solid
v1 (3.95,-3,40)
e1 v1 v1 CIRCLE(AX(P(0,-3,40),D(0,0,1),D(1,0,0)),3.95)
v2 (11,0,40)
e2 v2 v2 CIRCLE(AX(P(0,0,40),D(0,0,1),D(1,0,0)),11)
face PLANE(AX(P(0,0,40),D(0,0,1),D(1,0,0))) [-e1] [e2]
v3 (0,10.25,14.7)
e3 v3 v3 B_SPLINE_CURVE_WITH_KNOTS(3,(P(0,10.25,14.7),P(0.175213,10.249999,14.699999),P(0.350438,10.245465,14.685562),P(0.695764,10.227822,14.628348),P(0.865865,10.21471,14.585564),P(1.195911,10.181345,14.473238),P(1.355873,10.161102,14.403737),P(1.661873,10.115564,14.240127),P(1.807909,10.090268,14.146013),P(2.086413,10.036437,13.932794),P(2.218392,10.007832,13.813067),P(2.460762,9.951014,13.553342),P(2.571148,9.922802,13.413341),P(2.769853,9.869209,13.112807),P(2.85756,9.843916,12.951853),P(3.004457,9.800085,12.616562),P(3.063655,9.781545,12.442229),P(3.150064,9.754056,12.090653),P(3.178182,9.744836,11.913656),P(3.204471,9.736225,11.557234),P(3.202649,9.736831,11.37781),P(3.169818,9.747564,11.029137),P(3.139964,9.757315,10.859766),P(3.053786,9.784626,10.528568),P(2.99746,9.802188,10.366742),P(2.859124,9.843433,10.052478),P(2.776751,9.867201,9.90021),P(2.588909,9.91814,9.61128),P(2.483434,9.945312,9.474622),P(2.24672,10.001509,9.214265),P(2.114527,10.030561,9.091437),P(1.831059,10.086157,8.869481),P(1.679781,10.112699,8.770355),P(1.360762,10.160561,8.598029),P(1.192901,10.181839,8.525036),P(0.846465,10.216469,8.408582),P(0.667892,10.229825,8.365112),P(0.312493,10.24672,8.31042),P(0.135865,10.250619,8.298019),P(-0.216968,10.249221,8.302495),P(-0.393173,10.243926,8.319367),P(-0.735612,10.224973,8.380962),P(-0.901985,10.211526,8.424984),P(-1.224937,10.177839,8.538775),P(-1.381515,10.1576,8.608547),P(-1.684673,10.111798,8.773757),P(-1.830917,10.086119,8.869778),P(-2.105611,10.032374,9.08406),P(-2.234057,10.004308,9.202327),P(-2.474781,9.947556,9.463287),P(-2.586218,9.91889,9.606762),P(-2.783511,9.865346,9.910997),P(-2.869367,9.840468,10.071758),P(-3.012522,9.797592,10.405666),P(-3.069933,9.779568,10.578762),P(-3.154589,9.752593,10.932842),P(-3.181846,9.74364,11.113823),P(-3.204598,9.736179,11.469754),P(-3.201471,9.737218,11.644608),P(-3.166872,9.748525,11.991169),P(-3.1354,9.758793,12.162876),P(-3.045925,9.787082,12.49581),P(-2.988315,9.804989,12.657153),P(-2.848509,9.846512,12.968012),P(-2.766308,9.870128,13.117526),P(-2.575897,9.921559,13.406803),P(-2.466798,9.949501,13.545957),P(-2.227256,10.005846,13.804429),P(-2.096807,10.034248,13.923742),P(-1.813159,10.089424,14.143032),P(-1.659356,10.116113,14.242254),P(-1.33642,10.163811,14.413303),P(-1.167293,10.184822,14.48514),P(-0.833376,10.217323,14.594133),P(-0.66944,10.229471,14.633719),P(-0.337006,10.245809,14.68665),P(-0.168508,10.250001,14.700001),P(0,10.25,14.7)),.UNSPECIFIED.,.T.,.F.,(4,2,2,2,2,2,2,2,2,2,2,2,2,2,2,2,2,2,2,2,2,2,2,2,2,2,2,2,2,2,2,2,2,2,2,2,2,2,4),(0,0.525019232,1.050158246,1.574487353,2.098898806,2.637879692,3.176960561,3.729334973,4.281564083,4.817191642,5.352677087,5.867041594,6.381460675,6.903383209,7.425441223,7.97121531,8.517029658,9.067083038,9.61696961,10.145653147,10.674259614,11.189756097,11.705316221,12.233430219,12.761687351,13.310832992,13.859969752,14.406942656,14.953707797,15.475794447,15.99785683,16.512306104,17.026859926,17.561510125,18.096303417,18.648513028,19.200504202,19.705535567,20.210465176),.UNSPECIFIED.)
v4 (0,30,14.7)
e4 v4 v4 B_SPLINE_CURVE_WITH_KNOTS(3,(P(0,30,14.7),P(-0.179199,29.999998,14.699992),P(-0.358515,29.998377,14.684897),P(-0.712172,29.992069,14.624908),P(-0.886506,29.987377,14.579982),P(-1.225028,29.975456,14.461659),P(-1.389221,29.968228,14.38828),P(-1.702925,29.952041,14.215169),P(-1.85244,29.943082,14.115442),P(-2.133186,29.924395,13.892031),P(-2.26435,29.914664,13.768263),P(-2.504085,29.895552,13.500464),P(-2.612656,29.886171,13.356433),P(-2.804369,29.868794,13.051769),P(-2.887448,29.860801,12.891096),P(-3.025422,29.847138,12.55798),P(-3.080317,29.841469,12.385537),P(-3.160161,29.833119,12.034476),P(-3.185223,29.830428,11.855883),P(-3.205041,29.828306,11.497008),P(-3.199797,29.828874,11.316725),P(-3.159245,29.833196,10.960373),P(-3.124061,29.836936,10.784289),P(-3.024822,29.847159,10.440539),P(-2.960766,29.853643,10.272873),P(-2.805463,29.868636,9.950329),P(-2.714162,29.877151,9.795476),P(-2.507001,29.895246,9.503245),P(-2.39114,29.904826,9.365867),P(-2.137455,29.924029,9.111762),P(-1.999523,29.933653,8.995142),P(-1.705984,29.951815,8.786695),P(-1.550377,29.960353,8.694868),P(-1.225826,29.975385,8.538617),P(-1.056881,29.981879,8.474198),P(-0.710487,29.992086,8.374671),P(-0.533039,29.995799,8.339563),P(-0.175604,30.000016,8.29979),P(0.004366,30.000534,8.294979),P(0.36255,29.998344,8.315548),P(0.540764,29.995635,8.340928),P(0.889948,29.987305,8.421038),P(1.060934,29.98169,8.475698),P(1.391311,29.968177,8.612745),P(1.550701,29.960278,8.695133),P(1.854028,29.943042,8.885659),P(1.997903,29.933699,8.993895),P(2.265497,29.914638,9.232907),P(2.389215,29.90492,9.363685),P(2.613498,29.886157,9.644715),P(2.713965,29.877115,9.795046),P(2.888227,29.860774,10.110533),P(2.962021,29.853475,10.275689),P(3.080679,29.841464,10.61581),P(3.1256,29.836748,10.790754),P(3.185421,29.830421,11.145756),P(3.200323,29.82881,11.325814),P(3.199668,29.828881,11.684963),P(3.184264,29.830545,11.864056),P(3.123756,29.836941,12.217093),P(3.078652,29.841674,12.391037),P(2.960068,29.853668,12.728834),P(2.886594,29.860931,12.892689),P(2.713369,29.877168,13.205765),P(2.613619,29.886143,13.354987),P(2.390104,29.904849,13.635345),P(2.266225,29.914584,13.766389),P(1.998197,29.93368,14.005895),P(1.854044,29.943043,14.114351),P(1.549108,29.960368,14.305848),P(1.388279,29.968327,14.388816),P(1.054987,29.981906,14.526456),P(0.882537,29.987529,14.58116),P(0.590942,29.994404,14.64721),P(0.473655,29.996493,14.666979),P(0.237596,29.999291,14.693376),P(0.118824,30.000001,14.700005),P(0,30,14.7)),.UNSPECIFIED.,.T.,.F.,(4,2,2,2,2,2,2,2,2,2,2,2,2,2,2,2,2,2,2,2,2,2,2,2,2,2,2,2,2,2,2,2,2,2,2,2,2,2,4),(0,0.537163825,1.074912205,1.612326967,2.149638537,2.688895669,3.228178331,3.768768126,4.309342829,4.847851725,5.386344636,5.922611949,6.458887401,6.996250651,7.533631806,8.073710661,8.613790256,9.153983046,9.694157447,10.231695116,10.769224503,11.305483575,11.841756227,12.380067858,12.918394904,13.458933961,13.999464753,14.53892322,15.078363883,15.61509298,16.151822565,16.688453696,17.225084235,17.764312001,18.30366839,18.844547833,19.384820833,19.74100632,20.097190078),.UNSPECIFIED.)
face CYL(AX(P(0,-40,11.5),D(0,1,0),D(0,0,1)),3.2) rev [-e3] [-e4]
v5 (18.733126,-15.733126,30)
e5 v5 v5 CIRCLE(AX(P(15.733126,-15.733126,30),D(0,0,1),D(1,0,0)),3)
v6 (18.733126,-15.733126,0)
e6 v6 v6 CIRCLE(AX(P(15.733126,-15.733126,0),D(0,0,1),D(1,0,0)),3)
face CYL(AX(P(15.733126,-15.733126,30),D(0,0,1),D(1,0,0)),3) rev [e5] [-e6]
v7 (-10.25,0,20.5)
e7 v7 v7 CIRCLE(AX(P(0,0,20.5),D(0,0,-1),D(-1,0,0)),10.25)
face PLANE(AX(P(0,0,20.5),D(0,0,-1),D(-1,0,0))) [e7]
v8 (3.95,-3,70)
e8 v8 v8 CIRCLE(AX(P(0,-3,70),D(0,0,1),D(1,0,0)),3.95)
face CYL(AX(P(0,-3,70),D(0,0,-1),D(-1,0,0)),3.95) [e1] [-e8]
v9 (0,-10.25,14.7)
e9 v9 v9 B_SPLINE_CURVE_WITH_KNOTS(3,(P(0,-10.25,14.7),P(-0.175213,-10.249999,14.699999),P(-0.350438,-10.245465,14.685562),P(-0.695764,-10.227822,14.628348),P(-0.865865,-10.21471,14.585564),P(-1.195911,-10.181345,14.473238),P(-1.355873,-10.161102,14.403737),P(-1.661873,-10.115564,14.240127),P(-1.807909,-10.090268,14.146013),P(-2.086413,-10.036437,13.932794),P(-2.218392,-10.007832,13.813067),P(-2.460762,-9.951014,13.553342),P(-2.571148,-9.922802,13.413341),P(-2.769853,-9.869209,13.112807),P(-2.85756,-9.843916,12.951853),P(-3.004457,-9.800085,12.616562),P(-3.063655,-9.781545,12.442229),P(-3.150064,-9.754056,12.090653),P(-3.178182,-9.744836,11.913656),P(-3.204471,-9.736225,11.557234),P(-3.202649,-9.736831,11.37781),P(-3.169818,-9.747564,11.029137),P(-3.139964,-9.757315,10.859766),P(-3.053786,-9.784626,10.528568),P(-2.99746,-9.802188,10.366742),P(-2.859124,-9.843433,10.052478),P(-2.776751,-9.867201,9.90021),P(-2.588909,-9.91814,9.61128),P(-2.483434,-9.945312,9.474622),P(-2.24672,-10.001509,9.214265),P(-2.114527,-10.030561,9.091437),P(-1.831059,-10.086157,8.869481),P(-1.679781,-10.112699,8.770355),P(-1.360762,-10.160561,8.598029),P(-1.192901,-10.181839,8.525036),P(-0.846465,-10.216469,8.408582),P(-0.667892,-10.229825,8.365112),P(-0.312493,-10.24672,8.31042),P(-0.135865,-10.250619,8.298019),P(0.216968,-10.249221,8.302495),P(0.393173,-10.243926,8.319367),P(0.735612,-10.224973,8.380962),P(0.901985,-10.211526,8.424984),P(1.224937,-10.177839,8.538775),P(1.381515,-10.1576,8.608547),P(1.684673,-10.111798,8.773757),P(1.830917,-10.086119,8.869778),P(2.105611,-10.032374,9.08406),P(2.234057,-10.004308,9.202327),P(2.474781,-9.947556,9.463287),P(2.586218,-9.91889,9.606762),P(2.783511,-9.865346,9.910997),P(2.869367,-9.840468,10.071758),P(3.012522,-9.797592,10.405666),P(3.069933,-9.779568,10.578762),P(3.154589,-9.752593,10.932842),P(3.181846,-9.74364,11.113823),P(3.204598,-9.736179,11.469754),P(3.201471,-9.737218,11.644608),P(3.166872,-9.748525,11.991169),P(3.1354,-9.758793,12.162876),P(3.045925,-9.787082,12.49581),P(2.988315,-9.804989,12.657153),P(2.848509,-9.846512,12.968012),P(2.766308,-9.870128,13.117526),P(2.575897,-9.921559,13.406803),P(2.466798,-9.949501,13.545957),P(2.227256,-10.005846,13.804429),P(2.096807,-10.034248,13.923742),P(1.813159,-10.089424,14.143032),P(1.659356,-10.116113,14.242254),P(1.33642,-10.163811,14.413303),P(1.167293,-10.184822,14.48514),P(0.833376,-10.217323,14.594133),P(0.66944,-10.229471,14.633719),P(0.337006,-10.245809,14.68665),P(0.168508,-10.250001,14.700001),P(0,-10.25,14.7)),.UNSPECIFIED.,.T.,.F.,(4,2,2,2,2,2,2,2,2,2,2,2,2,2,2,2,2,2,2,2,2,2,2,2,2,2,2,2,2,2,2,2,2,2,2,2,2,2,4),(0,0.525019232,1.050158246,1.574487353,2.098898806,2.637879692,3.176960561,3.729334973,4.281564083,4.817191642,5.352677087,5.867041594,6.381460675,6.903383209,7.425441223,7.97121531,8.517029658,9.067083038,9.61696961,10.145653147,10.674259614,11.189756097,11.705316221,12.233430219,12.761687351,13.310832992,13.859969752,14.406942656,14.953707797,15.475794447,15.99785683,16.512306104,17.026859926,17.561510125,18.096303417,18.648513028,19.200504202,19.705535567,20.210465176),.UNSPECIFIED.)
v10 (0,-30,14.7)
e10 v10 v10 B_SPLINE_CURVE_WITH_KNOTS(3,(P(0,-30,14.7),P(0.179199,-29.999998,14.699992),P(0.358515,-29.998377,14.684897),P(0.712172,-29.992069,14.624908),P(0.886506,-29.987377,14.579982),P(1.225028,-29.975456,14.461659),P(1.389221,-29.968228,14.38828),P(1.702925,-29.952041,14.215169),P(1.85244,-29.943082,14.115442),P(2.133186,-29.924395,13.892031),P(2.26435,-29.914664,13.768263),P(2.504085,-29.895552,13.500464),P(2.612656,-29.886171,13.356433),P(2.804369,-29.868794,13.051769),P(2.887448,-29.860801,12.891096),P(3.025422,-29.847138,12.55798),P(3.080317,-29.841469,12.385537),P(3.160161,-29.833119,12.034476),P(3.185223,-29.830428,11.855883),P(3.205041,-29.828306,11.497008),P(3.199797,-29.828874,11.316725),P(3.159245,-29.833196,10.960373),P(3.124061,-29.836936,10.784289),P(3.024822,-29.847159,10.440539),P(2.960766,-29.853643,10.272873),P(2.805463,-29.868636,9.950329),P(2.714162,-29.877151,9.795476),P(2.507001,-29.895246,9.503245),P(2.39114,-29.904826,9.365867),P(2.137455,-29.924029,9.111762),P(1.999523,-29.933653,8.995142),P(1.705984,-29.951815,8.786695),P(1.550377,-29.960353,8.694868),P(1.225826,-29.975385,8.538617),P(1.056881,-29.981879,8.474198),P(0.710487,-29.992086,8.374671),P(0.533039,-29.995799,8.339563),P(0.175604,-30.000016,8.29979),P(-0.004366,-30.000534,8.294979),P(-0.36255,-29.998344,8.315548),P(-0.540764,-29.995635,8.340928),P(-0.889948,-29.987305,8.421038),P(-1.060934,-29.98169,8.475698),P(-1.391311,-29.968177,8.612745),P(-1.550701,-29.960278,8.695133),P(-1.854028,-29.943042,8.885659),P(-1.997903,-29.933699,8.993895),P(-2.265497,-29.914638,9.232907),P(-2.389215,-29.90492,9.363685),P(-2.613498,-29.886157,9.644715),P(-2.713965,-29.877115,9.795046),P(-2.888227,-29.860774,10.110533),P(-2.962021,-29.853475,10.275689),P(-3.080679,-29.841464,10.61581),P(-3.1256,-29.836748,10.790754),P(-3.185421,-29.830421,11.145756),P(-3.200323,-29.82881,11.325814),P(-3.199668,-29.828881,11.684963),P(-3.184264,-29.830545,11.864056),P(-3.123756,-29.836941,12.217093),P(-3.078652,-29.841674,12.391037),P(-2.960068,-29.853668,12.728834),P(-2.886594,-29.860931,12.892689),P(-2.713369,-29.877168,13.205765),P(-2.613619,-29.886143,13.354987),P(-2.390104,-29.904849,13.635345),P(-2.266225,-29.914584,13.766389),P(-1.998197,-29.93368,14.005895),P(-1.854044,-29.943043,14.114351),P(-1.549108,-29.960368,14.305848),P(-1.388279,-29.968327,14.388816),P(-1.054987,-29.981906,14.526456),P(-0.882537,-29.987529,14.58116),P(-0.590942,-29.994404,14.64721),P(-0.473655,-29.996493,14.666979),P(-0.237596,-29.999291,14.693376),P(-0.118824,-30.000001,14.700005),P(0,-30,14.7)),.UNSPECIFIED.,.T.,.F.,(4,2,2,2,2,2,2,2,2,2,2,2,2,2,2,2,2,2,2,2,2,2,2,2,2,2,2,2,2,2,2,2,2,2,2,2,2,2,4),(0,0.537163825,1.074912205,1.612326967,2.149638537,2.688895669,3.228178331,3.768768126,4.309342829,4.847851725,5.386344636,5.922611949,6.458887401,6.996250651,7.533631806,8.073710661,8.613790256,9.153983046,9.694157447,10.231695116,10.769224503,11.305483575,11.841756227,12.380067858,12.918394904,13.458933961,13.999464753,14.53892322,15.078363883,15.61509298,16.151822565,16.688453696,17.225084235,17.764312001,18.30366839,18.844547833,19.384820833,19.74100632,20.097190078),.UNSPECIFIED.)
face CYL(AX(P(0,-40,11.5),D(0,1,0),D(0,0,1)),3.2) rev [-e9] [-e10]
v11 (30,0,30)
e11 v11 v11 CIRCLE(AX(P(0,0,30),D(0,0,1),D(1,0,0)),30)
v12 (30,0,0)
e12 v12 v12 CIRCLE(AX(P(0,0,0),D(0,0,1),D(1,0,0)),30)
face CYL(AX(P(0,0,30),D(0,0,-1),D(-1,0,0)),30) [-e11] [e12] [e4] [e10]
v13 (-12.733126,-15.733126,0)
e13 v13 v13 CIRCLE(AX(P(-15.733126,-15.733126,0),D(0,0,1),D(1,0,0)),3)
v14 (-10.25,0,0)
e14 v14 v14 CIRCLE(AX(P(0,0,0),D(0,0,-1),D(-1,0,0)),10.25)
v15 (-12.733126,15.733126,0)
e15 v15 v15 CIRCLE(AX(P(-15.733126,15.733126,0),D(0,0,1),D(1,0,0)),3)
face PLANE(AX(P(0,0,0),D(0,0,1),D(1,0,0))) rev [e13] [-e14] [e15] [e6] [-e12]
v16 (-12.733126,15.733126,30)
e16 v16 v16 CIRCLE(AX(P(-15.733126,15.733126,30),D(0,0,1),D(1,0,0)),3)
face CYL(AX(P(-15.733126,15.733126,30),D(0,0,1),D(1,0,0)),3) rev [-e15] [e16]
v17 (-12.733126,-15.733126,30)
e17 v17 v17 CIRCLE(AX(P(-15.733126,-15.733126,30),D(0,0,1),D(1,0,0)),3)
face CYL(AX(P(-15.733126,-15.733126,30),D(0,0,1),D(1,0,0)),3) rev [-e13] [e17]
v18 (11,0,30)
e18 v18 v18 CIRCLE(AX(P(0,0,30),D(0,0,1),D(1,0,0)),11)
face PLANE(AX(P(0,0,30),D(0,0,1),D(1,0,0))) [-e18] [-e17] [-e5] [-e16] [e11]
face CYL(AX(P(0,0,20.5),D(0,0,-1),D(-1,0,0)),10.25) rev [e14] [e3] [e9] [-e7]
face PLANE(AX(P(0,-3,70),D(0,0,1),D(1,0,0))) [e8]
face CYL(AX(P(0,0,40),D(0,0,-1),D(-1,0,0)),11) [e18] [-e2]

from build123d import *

# Parameters (mm, degrees)
SKETCH1_R             = 30
BOSS_EXTRUDE1_DEPTH   = 30
F_6_0MM_DOWEL_HOLE1_D = 6
SKETCH2_R             = 11
BOSS_EXTRUDE2_DEPTH   = 10
SKETCH9_R             = 3.95
BOSS_EXTRUDE3_DEPTH   = 30
SKETCH10_R            = 10.25
CUT_EXTRUDE2_DEPTH    = 20.5
SKETCH12_R            = 3.2
CUT_EXTRUDE3_DEPTH    = 70


with BuildPart() as part:
    # Sketch1 → Boss-Extrude1 (new body)
    with BuildSketch(Plane.XY):
        Circle(SKETCH1_R)
    extrude(amount=BOSS_EXTRUDE1_DEPTH)

    # Ø6.0mm Dowel Hole1 (through all)
    with Locations(Plane.XY.offset(30)):
        with Locations((-15.733125881, 15.733125881), (15.733125881, -15.733125881), (-15.733125881, -15.733125881)):
            Hole(F_6_0MM_DOWEL_HOLE1_D / 2)

    # Sketch2 → Boss-Extrude2 (add)
    with BuildSketch(Plane.XY.offset(30)):
        Circle(SKETCH2_R)
    extrude(amount=BOSS_EXTRUDE2_DEPTH)

    # Sketch9 → Boss-Extrude3 (add)
    with BuildSketch(Plane.XY.offset(40)):
        with Locations((0, -3)):
            Circle(SKETCH9_R)
    extrude(amount=BOSS_EXTRUDE3_DEPTH)

    # Sketch10 → Cut-Extrude2 (cut)
    with BuildSketch(Plane(origin=(0, 0, 0), x_dir=(-1, 0, 0), z_dir=(0, 0, -1))):
        Circle(SKETCH10_R)
    extrude(amount=-CUT_EXTRUDE2_DEPTH, mode=Mode.SUBTRACT)

    # Sketch12 → Cut-Extrude3 (cut)
    with BuildSketch(Plane(origin=(0, 30, 0), x_dir=(1, 0, 0), z_dir=(0, 1, 0))):
        with Locations(Location((0, -11.5, 0), (0, 0, 270))):
            Circle(SKETCH12_R)
    extrude(amount=-CUT_EXTRUDE3_DEPTH, mode=Mode.SUBTRACT)


solid = part.part
